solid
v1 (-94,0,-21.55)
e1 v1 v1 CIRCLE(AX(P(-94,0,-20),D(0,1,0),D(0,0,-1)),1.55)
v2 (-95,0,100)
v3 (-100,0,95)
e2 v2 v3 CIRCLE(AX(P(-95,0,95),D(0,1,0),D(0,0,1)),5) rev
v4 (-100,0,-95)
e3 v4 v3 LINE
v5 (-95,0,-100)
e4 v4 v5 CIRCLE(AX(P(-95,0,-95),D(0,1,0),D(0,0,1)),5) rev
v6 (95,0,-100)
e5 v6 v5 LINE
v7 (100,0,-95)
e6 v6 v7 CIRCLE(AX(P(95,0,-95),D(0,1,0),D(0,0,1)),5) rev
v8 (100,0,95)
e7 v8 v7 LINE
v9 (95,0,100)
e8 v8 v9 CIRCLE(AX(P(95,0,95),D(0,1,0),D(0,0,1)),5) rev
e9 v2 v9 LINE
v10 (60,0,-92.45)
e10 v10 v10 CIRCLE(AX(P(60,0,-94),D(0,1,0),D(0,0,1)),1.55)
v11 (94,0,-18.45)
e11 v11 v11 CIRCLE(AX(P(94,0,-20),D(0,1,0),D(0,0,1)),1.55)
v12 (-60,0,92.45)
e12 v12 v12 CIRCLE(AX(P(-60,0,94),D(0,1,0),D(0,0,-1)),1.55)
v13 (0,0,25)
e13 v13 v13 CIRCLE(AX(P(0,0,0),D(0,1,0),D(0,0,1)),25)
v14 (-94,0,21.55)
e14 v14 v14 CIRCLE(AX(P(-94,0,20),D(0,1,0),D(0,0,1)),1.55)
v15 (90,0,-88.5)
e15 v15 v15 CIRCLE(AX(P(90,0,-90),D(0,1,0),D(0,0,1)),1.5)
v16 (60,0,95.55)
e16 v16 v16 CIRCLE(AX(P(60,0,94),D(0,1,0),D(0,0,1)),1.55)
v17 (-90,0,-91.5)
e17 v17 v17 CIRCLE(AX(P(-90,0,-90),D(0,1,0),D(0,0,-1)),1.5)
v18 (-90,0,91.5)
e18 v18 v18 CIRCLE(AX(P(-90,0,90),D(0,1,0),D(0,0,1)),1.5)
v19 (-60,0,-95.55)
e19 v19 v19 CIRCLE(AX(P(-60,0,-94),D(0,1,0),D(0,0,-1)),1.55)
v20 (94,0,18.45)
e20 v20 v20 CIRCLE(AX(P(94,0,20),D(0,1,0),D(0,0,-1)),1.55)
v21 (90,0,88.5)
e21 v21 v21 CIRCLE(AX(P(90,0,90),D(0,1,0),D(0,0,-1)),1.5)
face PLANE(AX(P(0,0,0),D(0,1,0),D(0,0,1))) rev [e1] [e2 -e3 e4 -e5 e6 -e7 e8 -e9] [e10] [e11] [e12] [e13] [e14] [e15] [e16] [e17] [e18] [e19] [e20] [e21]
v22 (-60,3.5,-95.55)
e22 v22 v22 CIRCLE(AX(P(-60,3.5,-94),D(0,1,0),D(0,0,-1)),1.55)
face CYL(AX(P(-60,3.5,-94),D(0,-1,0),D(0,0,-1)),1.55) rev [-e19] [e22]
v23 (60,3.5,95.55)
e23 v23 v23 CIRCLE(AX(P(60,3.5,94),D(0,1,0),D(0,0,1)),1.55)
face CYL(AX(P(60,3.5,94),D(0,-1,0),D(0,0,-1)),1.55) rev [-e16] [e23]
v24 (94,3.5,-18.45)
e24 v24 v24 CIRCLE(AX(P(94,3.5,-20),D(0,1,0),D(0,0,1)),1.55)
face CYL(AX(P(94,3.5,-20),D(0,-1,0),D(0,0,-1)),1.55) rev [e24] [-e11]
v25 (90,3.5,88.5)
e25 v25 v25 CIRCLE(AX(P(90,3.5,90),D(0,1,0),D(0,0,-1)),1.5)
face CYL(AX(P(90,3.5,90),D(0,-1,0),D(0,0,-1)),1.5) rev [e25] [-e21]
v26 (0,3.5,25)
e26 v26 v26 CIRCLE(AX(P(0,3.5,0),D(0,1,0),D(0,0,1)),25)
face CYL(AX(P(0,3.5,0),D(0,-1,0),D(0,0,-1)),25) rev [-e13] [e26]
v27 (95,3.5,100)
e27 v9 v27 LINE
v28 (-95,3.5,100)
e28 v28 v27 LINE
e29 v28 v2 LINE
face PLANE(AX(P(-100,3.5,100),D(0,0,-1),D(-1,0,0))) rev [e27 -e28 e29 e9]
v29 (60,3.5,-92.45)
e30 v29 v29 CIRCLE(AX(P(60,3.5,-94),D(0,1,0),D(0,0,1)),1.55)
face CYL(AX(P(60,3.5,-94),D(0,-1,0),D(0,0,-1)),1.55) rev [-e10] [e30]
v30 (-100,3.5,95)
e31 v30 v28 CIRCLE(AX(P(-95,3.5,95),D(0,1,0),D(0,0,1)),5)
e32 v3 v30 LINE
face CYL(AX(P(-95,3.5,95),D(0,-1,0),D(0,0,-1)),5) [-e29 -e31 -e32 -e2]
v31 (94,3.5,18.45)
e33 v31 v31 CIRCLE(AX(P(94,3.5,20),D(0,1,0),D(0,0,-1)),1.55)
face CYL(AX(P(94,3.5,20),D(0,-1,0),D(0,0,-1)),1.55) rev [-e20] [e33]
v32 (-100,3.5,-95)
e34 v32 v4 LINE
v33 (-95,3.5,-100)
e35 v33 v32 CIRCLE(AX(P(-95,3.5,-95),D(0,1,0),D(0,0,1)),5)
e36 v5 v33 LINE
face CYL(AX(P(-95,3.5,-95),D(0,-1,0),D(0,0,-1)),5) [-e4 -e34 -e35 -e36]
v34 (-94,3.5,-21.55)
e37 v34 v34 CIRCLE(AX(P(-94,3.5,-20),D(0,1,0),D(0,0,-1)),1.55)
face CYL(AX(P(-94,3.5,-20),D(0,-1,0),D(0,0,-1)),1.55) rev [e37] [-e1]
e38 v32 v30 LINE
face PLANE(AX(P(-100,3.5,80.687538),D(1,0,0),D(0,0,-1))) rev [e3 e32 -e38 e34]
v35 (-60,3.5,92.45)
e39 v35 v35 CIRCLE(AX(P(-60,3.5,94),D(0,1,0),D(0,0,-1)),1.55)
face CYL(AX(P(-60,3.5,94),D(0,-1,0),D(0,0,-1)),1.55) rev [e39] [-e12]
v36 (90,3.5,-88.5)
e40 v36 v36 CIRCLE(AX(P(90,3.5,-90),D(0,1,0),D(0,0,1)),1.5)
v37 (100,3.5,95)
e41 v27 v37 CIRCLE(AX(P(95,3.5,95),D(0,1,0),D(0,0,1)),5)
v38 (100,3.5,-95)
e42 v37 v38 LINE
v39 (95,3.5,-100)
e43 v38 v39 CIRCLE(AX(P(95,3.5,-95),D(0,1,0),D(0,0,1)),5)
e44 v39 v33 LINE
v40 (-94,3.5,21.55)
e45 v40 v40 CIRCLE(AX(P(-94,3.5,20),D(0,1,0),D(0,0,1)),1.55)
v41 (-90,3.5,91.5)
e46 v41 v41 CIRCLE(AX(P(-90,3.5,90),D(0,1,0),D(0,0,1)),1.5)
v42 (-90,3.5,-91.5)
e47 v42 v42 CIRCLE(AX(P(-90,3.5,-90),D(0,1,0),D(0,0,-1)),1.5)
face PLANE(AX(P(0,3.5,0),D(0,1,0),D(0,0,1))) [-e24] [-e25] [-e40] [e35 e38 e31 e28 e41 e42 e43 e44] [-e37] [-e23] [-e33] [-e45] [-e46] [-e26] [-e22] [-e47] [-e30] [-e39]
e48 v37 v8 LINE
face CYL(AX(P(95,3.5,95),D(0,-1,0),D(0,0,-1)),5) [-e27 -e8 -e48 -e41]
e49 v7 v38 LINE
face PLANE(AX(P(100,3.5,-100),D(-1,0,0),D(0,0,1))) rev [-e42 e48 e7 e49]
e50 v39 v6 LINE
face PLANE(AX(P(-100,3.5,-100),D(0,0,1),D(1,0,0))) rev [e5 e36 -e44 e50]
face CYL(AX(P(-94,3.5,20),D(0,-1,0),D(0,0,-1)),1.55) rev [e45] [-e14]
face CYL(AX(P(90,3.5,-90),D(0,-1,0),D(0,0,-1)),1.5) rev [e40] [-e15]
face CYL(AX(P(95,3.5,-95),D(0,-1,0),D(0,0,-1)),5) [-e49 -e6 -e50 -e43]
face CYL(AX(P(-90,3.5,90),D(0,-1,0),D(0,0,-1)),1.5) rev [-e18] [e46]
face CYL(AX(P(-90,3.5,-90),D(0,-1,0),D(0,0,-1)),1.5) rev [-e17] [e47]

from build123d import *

# Parameters (mm, degrees)
SKETCH_1_R      = 1.55
SKETCH_1_R_2    = 25
SKETCH_1_R_3    = 1.5
EXTRUDE_1_DEPTH = 3.5
FILLET_1_R      = 5


with BuildPart() as part:
    # 草图1 → 凸台-拉伸1 (new body)
    with BuildSketch(Plane(origin=(0, 0, 0), x_dir=(1, 0, 0), z_dir=(0, 1, 0))):
        Polygon((-100, 100), (100, 100), (100, -32.687538375), (100, -80.687538375), (100, -100), (-100, -100), (-100, -80.687538375), (-100, -32.687538375), align=None)
        with Locations(Location((60, 94, 0), (0, 0, 270))):
            Circle(SKETCH_1_R, mode=Mode.SUBTRACT)
        with Locations(Location((60, -94, 0), (0, 0, 270))):
            Circle(SKETCH_1_R, mode=Mode.SUBTRACT)
        with Locations(Location((94, 20, 0), (0, 0, 270))):
            Circle(SKETCH_1_R, mode=Mode.SUBTRACT)
        with Locations(Location((94, -20, 0), (0, 0, 90))):
            Circle(SKETCH_1_R, mode=Mode.SUBTRACT)
        with Locations(Location((-60, -94, 0), (0, 0, 90))):
            Circle(SKETCH_1_R, mode=Mode.SUBTRACT)
        with Locations(Location((-94, -20, 0), (0, 0, 270))):
            Circle(SKETCH_1_R, mode=Mode.SUBTRACT)
        with Locations(Location((-94, 20, 0), (0, 0, 90))):
            Circle(SKETCH_1_R, mode=Mode.SUBTRACT)
        with Locations(Location((-60, 94, 0), (0, 0, 90))):
            Circle(SKETCH_1_R, mode=Mode.SUBTRACT)
        with Locations(Location((0, 0, 0), (0, 0, 270))):
            Circle(SKETCH_1_R_2, mode=Mode.SUBTRACT)
        with Locations(Location((-90, -90, 0), (0, 0, 270))):
            Circle(SKETCH_1_R_3, mode=Mode.SUBTRACT)
        with Locations(Location((-90, 90, 0), (0, 0, 90))):
            Circle(SKETCH_1_R_3, mode=Mode.SUBTRACT)
        with Locations(Location((90, 90, 0), (0, 0, 270))):
            Circle(SKETCH_1_R_3, mode=Mode.SUBTRACT)
        with Locations(Location((90, -90, 0), (0, 0, 90))):
            Circle(SKETCH_1_R_3, mode=Mode.SUBTRACT)
    extrude(amount=EXTRUDE_1_DEPTH)

    # 圆角1
    fillet_1_edges = [part.edges().sort_by_distance(p)[0] for p in [
        (-100, 1.75, -100),
        (100, 1.75, -100),
        (100, 1.75, 100),
        (-100, 1.75, 100),
    ]]
    fillet(fillet_1_edges, radius=FILLET_1_R)


solid = part.part
